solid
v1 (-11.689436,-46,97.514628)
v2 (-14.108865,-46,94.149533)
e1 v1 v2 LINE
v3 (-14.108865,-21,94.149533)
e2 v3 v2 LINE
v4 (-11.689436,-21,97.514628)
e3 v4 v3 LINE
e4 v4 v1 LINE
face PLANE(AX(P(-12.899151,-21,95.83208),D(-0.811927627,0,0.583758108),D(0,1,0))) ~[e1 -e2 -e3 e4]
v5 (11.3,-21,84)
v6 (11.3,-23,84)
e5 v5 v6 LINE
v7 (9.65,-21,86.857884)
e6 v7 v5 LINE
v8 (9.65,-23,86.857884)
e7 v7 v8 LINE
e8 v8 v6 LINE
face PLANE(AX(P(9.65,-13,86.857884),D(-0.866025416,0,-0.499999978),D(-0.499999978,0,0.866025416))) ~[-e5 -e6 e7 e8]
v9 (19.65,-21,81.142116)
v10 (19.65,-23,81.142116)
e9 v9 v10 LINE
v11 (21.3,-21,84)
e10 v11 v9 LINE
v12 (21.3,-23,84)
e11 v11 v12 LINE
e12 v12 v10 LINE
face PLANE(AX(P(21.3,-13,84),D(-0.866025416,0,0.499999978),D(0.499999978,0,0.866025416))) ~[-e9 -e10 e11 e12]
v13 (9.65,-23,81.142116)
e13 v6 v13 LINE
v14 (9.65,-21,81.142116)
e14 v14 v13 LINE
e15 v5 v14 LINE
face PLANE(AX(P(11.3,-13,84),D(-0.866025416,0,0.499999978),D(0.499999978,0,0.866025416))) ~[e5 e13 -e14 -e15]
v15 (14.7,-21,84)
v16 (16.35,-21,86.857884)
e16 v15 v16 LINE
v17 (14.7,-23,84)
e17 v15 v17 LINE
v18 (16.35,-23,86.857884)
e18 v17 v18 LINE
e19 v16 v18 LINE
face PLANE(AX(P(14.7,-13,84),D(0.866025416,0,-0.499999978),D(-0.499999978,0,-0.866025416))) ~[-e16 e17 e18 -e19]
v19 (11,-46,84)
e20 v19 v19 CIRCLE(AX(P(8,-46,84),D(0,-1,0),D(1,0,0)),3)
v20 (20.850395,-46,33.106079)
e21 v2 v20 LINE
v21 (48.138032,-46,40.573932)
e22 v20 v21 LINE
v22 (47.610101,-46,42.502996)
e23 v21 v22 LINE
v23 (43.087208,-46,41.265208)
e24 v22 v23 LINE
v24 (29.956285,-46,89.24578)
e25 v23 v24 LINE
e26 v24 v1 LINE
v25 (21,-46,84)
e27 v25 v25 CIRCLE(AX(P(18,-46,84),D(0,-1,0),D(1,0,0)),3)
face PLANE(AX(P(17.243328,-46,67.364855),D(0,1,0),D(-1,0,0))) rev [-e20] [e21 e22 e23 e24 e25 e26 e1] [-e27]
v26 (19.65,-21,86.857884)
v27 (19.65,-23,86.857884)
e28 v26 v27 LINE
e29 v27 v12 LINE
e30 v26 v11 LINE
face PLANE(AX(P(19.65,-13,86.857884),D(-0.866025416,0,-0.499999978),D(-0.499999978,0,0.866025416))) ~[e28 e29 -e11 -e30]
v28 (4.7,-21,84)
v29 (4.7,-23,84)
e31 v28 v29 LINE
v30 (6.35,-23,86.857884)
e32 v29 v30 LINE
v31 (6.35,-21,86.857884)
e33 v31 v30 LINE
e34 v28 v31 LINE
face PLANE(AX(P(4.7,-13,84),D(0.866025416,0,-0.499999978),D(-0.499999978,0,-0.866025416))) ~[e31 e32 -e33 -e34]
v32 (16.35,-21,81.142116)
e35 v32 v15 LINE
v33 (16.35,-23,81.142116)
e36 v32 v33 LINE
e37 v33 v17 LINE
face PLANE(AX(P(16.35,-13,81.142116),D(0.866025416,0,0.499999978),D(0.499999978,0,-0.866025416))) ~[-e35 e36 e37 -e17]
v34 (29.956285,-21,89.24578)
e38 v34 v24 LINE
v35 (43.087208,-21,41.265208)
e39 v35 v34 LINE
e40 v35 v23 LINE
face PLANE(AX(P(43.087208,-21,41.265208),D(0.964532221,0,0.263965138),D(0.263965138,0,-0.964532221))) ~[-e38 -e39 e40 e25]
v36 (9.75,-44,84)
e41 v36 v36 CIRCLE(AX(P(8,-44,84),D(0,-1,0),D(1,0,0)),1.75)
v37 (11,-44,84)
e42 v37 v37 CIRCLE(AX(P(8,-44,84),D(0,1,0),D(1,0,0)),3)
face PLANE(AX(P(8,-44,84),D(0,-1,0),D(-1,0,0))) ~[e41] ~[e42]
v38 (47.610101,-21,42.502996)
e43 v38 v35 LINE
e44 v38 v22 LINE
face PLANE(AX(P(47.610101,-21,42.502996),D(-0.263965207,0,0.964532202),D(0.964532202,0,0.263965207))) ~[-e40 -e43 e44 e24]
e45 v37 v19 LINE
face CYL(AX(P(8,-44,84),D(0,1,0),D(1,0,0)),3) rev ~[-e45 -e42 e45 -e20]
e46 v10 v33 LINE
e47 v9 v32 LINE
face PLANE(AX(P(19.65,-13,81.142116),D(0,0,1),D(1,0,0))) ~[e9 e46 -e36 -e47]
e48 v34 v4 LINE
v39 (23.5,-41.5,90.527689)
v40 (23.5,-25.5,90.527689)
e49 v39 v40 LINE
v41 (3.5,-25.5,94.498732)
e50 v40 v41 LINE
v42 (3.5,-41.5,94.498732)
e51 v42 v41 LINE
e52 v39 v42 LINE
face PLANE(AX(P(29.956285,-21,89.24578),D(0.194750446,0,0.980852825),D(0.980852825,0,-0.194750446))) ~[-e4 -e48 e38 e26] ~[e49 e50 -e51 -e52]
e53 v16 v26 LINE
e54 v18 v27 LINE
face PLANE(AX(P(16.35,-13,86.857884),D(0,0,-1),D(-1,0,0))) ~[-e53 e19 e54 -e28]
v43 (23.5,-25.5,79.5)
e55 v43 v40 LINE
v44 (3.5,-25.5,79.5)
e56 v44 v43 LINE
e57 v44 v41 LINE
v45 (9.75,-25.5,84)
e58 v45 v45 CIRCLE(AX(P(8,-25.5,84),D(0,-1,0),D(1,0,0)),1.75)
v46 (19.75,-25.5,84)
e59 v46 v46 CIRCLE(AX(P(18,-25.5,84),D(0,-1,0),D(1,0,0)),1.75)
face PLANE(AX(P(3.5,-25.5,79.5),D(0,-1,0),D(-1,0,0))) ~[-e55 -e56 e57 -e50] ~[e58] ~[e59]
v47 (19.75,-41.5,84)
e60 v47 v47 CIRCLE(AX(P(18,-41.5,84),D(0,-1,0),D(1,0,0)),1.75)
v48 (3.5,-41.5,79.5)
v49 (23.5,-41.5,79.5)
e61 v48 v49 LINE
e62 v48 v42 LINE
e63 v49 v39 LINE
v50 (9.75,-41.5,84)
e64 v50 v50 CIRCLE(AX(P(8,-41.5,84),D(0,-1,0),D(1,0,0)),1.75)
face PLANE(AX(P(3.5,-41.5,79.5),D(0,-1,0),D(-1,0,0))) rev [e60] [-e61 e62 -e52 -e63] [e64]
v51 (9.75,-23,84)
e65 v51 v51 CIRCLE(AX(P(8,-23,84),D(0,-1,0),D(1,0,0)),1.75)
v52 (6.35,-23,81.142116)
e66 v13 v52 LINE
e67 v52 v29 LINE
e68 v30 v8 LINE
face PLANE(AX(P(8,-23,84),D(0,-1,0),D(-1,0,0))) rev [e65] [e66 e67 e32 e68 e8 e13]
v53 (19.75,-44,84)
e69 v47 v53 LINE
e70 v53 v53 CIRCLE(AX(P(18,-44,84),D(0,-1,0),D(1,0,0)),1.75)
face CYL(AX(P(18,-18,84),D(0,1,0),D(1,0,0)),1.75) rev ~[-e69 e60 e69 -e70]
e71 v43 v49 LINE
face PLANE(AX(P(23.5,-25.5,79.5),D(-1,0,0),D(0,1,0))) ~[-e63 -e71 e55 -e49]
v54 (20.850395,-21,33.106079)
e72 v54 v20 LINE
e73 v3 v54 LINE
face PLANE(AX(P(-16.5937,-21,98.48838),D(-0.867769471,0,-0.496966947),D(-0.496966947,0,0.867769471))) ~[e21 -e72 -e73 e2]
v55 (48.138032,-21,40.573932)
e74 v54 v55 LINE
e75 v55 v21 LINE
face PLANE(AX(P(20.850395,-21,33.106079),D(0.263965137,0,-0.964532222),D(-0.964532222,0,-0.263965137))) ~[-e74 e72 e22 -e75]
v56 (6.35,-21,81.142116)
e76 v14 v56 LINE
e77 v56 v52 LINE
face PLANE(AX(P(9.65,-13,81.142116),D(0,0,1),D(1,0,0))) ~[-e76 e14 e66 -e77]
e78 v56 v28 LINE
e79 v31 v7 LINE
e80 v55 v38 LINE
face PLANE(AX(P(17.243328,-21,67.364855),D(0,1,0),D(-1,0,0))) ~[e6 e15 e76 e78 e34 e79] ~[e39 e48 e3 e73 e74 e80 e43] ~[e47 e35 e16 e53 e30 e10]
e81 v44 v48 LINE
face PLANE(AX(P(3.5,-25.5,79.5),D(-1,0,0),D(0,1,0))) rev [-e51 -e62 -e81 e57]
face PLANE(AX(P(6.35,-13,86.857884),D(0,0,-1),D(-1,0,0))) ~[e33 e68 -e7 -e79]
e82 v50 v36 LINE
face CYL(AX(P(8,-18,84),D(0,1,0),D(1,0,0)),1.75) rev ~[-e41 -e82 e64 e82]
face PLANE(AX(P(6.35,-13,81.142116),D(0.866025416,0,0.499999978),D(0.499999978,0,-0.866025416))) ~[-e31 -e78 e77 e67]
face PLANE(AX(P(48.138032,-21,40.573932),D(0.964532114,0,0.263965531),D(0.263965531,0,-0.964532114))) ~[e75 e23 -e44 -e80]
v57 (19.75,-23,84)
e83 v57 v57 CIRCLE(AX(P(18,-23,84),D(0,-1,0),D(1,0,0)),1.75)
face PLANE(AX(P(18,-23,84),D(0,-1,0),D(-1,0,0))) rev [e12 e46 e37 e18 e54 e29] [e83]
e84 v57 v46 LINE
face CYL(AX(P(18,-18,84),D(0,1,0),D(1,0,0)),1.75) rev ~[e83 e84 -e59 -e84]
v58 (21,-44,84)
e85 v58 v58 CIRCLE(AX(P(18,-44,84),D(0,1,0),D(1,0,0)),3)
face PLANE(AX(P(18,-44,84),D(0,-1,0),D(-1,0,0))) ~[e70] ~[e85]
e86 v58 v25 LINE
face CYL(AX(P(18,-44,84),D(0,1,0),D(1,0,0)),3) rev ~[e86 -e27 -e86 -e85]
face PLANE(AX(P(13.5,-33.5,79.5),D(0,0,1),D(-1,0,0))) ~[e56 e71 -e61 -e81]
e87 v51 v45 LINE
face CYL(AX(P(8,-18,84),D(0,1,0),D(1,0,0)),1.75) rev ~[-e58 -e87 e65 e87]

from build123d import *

# Parameters (mm, degrees)
CYLINDER077_R          = 3
CYLINDER077_DEPTH      = 32
CYLINDER077_ROLL_ANGLE = -90
CYLINDER076_R          = 3
CYLINDER076_DEPTH      = 32
CYLINDER076_ROLL_ANGLE = -90
PRISM002_DEPTH         = 10
PRISM002_ROLL_ANGLE    = -90
PRISM003_DEPTH         = 10
PRISM003_ROLL_ANGLE    = -90
CYLINDER071_R          = 1.75
CYLINDER071_DEPTH      = 32
CYLINDER071_ROLL_ANGLE = -90
CYLINDER072_R          = 1.75
CYLINDER072_DEPTH      = 32
CYLINDER072_ROLL_ANGLE = -90
BOX055_W               = 20
BOX055_H               = 16
BOX055_DEPTH           = 56
PAD009_DEPTH           = 25
CHAMFER109_SIZE        = 5


with BuildPart() as cilindro018:
    # Cylinder077 → Cylinder077 (new body)
    with BuildSketch(Plane.XY):
        Circle(CYLINDER077_R)
    extrude(amount=CYLINDER077_DEPTH)


with BuildPart() as cilindro018_1:
    # Cylinder077 roll: moved
    add(cilindro018.part.rotate(Axis((0, 0, 0), (1, 0, 0)), CYLINDER077_ROLL_ANGLE))


with BuildPart() as cilindro018_2:
    # Cylinder077 placement: moved
    add(cilindro018_1.part.moved(Location((8, 116, 84))))


with BuildPart() as fusion059:
    # Cylinder076 → Cylinder076 (new body)
    with BuildSketch(Plane.XY):
        Circle(CYLINDER076_R)
    extrude(amount=CYLINDER076_DEPTH)


with BuildPart() as fusion059_1:
    # Cylinder076 roll: moved
    add(fusion059.part.rotate(Axis((0, 0, 0), (1, 0, 0)), CYLINDER076_ROLL_ANGLE))


with BuildPart() as fusion059_2:
    # Cylinder076 placement: moved
    add(fusion059_1.part.moved(Location((18, 116, 84))))

    # Fusion059: union Cilindro018
    add(cilindro018_2.part)


with BuildPart() as prisma001:
    # Prism002 → Prism002 (new body)
    with BuildSketch(Plane.XY):
        Polygon((3.3, 0), (1.65, 2.857884), (-1.65, 2.857884), (-3.3, 0), (-1.65, -2.857884), (1.65, -2.857884), align=None)
    extrude(amount=PRISM002_DEPTH)


with BuildPart() as prisma001_1:
    # Prism002 roll: moved
    add(prisma001.part.rotate(Axis((0, 0, 0), (1, 0, 0)), PRISM002_ROLL_ANGLE))


with BuildPart() as prisma001_2:
    # Prism002 placement: moved
    add(prisma001_1.part.moved(Location((18, 85, 84))))


with BuildPart() as fusion058:
    # Prism003 → Prism003 (new body)
    with BuildSketch(Plane.XY):
        Polygon((3.3, 0), (1.65, 2.857884), (-1.65, 2.857884), (-3.3, 0), (-1.65, -2.857884), (1.65, -2.857884), align=None)
    extrude(amount=PRISM003_DEPTH)


with BuildPart() as fusion058_1:
    # Prism003 roll: moved
    add(fusion058.part.rotate(Axis((0, 0, 0), (1, 0, 0)), PRISM003_ROLL_ANGLE))


with BuildPart() as fusion058_2:
    # Prism003 placement: moved
    add(fusion058_1.part.moved(Location((8, 85, 84))))

    # Fusion058: union Prisma001
    add(prisma001_2.part)


with BuildPart() as cilindro012:
    # Cylinder071 → Cylinder071 (new body)
    with BuildSketch(Plane.XY):
        Circle(CYLINDER071_R)
    extrude(amount=CYLINDER071_DEPTH)


with BuildPart() as cilindro012_1:
    # Cylinder071 roll: moved
    add(cilindro012.part.rotate(Axis((0, 0, 0), (1, 0, 0)), CYLINDER071_ROLL_ANGLE))


with BuildPart() as cilindro012_2:
    # Cylinder071 placement: moved
    add(cilindro012_1.part.moved(Location((8, 90, 84))))


with BuildPart() as fusion055:
    # Cylinder072 → Cylinder072 (new body)
    with BuildSketch(Plane.XY):
        Circle(CYLINDER072_R)
    extrude(amount=CYLINDER072_DEPTH)


with BuildPart() as fusion055_1:
    # Cylinder072 roll: moved
    add(fusion055.part.rotate(Axis((0, 0, 0), (1, 0, 0)), CYLINDER072_ROLL_ANGLE))


with BuildPart() as fusion055_2:
    # Cylinder072 placement: moved
    add(fusion055_1.part.moved(Location((18, 90, 84))))

    # Fusion055: union Cilindro012
    add(cilindro012_2.part)


with BuildPart() as cubo005:
    # Box055 → Box055 (new body)
    with BuildSketch(Plane(origin=(3.5, 97.5, 79.5), x_dir=(1, 0, 0), z_dir=(0, 0, 1))):
        with Locations((10, 8)):
            Rectangle(BOX055_W, BOX055_H)
    extrude(amount=BOX055_DEPTH)


with BuildPart() as clone_of_chamfer109:
    # Sketch014 → Pad009 (new body)
    with BuildSketch(Plane(origin=(0, 93, 0), x_dir=(-1, 0, 0), z_dir=(0, 1, 0))):
        Polygon((-43.087208, 41.265208), (-29.956285, 89.24578), (16.5937, 98.48838), (-20.850395, 33.106079), (-48.138032, 40.573932), (-47.610101, 42.502996), align=None)
    extrude(amount=PAD009_DEPTH)

    # Cut096: cut Cubo005
    add(cubo005.part, mode=Mode.SUBTRACT)

    # Cut097: cut Fusion055
    add(fusion055_2.part, mode=Mode.SUBTRACT)

    # Cut101: cut Fusion058
    add(fusion058_2.part, mode=Mode.SUBTRACT)

    # Cut102: cut Fusion059
    add(fusion059_2.part, mode=Mode.SUBTRACT)

    # Chamfer109
    chamfer109_edges = [clone_of_chamfer109.edges().sort_by_distance(p)[0] for p in [
        (-16.5937, 105.5, 98.48838),
    ]]
    chamfer(chamfer109_edges, length=CHAMFER109_SIZE)


with BuildPart() as part_mirroring007010:
    # Part__Mirroring007010: instance of Clone of Chamfer109
    add(clone_of_chamfer109.part.mirror(Plane(origin=(0, 0, 0), x_dir=(1, 0, 0), z_dir=(0, 1, 0))))


with BuildPart() as part_mirroring007010_1:
    # Part__Mirroring007010 placement: moved
    add(part_mirroring007010.part.moved(Location((0, 72, 0))))


solid = part_mirroring007010_1.part
